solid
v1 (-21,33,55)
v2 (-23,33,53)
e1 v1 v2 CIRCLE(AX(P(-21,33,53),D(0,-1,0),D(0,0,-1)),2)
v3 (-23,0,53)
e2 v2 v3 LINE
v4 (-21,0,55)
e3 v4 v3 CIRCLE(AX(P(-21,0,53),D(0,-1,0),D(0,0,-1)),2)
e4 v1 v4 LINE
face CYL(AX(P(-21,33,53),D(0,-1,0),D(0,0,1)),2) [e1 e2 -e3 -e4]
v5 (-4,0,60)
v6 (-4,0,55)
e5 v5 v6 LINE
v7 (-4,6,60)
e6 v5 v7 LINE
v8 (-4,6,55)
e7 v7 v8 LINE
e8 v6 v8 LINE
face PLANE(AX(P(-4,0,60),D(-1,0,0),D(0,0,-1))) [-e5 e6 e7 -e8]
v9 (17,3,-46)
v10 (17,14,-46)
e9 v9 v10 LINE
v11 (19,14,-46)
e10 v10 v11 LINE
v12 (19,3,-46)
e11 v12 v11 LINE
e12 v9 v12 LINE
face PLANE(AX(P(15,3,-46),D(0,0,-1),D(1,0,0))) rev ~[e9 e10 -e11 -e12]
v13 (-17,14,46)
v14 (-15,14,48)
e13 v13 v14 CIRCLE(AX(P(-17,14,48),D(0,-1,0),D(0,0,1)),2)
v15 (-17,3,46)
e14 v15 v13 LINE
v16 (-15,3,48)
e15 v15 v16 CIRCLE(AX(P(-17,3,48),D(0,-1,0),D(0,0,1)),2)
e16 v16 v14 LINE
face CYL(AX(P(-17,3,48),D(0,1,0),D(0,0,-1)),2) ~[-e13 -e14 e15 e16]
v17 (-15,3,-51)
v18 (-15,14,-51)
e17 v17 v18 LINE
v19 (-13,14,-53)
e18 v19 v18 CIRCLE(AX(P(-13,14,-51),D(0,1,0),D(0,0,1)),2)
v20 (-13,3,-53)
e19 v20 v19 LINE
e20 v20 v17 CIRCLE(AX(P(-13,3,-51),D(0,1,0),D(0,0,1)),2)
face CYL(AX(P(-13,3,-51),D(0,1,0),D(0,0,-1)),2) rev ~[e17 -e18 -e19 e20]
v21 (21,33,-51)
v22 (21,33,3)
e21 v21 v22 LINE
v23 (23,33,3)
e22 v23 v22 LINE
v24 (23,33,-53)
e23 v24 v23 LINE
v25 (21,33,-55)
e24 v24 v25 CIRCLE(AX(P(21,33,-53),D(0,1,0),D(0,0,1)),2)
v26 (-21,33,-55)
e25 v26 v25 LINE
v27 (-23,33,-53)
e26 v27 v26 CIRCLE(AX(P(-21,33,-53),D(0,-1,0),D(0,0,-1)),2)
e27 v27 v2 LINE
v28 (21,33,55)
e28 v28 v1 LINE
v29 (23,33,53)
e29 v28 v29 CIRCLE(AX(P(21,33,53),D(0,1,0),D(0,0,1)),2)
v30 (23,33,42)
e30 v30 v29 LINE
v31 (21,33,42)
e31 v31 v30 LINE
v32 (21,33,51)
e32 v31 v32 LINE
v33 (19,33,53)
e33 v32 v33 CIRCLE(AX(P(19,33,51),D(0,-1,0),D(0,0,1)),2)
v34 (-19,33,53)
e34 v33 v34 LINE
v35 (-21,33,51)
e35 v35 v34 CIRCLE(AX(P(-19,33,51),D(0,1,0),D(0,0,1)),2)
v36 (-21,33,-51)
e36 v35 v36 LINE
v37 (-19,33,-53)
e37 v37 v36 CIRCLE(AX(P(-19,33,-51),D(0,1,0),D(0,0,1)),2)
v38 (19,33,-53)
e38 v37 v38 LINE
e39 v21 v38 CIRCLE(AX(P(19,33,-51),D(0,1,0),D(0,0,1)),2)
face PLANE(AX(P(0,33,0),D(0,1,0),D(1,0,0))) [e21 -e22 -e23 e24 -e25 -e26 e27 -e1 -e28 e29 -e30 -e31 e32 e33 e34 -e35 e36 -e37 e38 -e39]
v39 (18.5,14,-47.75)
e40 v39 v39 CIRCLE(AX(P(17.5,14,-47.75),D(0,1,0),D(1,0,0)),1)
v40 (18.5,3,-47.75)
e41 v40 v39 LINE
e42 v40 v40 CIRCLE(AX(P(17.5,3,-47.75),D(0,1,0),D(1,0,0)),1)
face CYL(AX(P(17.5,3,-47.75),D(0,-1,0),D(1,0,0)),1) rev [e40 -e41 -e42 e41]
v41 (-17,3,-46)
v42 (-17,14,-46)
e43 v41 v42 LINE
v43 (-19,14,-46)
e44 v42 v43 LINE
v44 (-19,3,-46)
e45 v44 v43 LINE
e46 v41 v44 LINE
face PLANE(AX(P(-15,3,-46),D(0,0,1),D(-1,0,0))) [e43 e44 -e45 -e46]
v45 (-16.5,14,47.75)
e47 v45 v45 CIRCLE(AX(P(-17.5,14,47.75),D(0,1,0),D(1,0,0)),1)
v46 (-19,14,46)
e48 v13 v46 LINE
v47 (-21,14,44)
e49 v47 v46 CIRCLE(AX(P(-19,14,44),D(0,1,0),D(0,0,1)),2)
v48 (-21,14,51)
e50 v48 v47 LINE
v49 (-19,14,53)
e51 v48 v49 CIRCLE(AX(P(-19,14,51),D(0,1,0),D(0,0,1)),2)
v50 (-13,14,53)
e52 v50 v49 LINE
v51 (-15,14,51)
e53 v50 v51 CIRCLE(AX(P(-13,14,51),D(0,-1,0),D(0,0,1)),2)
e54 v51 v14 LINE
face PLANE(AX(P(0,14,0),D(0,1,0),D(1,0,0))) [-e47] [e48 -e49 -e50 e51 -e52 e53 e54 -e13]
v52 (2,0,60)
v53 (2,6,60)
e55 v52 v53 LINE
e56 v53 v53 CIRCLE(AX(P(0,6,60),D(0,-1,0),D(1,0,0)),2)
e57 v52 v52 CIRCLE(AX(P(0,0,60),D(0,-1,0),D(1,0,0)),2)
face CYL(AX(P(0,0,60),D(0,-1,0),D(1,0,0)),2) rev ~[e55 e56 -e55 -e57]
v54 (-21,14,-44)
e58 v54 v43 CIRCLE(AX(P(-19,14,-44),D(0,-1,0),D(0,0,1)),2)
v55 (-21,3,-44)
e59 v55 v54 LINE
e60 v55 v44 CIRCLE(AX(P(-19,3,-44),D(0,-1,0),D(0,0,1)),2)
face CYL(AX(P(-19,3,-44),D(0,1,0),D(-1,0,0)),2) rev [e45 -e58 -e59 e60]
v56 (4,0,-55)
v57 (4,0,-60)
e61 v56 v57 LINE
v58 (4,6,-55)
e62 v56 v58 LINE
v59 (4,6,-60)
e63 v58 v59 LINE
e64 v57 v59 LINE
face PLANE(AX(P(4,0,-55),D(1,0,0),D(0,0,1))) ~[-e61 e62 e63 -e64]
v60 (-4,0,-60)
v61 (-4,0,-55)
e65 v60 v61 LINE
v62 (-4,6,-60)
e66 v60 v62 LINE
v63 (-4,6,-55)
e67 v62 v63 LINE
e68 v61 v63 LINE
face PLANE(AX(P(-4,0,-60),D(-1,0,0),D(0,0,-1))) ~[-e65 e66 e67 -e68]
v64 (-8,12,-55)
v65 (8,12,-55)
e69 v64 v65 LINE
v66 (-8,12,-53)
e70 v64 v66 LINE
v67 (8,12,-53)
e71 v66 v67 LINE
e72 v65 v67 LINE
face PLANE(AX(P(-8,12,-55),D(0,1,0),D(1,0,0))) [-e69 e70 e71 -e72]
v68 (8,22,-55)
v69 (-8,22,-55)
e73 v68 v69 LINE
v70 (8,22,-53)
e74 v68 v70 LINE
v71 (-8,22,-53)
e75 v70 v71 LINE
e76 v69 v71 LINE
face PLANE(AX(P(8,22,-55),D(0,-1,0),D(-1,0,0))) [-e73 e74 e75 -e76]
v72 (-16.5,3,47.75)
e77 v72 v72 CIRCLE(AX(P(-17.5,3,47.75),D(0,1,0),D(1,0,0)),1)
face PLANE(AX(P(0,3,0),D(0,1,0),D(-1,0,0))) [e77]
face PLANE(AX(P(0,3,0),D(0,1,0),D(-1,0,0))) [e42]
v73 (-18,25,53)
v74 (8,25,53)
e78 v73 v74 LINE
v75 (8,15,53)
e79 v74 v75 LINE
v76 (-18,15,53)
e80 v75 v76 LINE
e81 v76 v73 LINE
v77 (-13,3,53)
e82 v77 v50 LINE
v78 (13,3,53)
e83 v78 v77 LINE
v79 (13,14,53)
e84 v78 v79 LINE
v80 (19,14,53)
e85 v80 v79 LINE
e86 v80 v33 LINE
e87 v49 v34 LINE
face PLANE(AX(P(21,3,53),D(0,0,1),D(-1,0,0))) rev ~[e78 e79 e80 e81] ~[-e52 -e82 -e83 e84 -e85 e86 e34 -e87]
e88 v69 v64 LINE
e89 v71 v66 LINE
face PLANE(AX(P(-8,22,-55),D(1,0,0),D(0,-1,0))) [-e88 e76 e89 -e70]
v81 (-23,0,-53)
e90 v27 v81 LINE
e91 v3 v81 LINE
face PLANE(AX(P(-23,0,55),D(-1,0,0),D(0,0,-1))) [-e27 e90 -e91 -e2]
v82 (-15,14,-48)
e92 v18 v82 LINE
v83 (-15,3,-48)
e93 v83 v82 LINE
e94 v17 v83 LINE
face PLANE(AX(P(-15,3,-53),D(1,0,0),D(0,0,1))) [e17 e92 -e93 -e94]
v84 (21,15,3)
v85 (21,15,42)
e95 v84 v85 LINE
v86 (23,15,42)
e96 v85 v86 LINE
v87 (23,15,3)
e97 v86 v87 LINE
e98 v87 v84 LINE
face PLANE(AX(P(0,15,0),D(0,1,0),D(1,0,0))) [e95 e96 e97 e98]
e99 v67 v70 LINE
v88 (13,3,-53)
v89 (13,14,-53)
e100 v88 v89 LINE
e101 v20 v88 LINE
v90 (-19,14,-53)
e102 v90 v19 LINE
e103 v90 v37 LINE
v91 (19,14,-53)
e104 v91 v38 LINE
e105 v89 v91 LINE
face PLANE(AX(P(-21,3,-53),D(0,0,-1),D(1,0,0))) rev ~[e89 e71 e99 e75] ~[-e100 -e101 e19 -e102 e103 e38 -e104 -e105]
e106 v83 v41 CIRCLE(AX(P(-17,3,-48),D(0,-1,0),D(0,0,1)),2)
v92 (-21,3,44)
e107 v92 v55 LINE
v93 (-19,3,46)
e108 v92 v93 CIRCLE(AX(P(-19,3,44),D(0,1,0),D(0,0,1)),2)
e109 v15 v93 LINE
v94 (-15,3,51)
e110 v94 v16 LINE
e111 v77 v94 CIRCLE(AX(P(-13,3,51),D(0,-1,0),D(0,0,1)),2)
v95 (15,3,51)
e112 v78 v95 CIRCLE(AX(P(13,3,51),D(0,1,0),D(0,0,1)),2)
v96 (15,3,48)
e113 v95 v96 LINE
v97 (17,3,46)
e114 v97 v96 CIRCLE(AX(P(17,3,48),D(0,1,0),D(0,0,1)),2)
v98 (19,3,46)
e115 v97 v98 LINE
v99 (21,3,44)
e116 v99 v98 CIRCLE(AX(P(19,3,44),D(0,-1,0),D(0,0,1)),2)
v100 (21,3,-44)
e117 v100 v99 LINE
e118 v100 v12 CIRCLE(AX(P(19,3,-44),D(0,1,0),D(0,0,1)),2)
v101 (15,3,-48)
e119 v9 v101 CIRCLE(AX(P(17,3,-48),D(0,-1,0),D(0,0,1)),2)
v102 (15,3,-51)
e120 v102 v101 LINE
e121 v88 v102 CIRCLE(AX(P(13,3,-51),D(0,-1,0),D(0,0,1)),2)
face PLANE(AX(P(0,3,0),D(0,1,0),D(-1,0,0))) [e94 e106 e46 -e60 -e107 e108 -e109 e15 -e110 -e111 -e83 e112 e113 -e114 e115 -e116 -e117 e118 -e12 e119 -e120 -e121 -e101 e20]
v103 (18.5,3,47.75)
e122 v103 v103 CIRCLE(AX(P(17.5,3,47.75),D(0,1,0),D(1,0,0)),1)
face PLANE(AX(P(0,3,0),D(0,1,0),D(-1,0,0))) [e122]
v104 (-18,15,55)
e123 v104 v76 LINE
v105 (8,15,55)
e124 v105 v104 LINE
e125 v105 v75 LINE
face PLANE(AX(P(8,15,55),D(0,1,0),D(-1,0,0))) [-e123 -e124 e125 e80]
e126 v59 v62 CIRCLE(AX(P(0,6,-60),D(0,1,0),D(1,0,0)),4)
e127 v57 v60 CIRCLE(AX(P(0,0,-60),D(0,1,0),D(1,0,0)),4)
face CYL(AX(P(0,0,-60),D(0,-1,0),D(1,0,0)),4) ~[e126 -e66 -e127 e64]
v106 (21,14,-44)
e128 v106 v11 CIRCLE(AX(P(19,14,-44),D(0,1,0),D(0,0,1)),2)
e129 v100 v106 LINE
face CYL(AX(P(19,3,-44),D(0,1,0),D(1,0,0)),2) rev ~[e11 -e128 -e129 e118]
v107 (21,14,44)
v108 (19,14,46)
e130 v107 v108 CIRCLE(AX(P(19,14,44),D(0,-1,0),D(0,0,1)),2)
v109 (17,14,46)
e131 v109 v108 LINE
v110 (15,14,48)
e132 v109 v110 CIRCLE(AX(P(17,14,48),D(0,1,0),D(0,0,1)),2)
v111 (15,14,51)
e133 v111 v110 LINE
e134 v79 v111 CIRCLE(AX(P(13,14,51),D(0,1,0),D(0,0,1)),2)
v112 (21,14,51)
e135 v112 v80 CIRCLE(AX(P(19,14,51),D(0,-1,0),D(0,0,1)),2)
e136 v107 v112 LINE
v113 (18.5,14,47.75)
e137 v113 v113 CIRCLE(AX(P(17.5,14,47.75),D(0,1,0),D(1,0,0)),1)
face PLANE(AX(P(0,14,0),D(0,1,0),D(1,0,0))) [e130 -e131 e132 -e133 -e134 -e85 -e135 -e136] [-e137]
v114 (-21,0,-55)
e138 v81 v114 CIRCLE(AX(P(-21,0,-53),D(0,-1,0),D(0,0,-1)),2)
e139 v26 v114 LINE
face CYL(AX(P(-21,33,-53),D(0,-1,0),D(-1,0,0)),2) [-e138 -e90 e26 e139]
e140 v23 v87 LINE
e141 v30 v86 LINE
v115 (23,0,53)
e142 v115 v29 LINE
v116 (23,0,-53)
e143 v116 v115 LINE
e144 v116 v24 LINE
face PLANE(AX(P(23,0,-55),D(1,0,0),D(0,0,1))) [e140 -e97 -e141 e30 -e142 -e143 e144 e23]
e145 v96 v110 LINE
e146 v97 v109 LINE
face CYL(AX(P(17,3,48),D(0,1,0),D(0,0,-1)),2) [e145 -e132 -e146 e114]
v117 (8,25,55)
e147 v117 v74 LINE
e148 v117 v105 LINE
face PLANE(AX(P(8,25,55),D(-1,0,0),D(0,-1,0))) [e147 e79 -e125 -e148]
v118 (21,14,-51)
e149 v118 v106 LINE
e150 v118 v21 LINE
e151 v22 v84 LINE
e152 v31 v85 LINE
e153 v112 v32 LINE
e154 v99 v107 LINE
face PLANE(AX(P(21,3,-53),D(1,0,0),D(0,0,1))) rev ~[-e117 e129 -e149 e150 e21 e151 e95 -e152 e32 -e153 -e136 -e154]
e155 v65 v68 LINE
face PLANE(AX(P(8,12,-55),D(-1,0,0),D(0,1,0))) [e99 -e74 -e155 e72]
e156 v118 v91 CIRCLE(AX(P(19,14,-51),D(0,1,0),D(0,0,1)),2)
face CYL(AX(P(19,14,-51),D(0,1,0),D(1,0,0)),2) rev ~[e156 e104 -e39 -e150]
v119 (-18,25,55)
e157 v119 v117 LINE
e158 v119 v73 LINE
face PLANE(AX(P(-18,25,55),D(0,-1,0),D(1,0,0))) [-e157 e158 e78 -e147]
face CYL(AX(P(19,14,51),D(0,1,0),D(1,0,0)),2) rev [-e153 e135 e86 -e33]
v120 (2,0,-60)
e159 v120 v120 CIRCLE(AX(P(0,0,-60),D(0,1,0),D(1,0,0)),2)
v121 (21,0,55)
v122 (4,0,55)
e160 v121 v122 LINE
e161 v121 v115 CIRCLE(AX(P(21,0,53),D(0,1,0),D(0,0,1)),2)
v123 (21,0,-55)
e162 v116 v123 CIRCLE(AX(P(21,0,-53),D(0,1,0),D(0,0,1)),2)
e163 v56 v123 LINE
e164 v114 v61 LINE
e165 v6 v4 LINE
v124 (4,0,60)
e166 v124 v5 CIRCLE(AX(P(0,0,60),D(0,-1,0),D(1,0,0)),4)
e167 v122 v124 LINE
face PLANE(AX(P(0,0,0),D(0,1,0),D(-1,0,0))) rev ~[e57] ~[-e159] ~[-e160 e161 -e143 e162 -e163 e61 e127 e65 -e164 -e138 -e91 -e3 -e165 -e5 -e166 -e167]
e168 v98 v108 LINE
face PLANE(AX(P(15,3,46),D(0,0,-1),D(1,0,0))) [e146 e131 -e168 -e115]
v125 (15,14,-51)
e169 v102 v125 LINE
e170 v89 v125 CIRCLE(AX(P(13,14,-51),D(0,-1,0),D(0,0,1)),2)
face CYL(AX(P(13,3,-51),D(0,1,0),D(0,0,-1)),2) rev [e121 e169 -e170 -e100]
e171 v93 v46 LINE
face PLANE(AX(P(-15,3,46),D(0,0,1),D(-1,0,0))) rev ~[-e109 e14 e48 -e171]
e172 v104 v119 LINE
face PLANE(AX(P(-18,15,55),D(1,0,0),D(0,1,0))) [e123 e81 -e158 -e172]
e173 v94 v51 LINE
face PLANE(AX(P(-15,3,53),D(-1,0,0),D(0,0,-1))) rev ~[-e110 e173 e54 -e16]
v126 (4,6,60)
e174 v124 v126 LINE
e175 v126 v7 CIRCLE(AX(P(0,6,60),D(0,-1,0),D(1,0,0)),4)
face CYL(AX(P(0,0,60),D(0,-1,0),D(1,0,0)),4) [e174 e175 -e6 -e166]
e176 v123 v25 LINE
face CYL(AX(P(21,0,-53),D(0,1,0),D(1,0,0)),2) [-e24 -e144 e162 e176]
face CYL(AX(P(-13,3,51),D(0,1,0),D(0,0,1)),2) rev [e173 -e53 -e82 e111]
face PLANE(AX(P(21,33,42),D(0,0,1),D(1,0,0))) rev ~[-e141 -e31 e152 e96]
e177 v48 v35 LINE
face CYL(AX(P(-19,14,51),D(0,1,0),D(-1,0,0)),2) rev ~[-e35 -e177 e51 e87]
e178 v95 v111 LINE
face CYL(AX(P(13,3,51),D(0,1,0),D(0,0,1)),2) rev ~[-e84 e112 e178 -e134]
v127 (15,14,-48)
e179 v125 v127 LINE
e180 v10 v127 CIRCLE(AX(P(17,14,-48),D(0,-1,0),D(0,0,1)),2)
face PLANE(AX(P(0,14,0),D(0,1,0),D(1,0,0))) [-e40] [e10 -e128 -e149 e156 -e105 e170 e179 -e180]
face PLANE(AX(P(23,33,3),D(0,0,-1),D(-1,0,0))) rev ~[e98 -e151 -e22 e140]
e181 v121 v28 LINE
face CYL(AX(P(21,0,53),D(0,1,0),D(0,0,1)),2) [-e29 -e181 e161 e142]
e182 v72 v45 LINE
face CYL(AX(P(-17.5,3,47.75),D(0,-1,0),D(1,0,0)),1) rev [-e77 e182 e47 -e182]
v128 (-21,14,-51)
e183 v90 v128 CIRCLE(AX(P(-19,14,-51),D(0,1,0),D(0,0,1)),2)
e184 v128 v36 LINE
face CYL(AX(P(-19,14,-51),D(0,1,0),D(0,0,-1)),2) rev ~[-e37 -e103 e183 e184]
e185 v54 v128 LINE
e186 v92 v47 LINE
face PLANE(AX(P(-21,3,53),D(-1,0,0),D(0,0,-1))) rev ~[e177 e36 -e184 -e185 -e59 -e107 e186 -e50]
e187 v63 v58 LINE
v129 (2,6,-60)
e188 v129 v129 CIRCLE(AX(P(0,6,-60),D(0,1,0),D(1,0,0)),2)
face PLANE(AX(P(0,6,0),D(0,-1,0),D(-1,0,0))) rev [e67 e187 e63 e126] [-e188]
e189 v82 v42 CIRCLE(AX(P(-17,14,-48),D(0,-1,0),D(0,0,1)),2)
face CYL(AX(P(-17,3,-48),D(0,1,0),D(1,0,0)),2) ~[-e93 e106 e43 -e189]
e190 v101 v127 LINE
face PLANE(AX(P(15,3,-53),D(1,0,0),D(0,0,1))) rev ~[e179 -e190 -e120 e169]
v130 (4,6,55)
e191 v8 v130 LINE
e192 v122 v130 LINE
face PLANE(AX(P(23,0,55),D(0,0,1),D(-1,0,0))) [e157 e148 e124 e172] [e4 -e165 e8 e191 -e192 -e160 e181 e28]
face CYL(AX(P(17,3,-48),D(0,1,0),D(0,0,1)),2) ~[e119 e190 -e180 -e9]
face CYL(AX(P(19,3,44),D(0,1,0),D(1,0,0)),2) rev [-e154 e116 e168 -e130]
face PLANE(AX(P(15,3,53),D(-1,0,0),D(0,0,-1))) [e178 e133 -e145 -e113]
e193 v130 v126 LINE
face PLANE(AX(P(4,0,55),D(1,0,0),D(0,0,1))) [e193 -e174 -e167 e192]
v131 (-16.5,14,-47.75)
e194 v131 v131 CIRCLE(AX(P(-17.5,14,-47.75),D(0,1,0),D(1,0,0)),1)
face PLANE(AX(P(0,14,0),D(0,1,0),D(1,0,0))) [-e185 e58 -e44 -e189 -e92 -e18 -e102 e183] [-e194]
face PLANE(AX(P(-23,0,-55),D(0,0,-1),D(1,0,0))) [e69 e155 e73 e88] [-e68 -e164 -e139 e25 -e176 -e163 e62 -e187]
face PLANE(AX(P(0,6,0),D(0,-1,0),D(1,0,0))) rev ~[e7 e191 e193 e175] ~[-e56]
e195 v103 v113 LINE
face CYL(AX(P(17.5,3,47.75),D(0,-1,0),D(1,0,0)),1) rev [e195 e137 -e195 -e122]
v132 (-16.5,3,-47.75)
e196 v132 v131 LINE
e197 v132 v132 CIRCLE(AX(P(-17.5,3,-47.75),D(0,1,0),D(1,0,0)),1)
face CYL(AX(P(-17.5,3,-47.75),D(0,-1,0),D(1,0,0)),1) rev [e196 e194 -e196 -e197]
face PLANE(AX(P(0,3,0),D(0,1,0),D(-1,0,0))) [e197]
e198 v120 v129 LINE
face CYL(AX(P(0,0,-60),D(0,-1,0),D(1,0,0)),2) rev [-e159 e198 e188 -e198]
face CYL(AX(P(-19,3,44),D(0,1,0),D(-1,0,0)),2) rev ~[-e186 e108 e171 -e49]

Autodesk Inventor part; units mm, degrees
ref_plane "YZ Plane" through (0, 0, 0) normal (1, 0, 0) x (0, 1, 0)
ref_plane "XZ Plane" through (0, 0, 0) normal (0, 1, 0) x (-1, 0, 0)
ref_plane "XY Plane" through (0, 0, 0) normal (0, 0, 1) x (1, 0, 0)
sketch "Sketch1" plane through (0, 0, 0) normal (0, 1, 0) x (-1, 0, 0)
  line L0 (-23, 55) -> (23, 55)
  line L1 (23, 55) -> (23, -55)
  line L2 (23, -55) -> (-23, -55)
  line L3 (-23, -55) -> (-23, 55)
  line L4 (-23, 55) -> (23, -55) construction
  line L5 (23, 55) -> (-23, -55) construction
  point P0 (0, 0)
  dimension "d0" = 46
  dimension "d1" = 110
extrude "Extrusion1" add sketch "Sketch1" along normal blind 3
sketch "Sketch2" plane through (0, 3, 0) normal (0, 1, 0) x (1, 0, 0)
  line L0 (-23, 55) -> (-23, -55) projected
  line L1 (23, -55) -> (-23, -55)
  line L2 (-23, -55) -> (-23, 55)
  line L3 (-23, 55) -> (23, 55)
  line L4 (23, 55) -> (23, -55)
  line L5 (23, -55) -> (-23, 55) construction
  line L6 (-23, -55) -> (23, 55) construction
  line L7 (21, -53) -> (-21, -53)
  line L8 (-21, -53) -> (-21, 53)
  line L9 (-21, 53) -> (21, 53)
  line L10 (21, 53) -> (21, -53)
  line L11 (21, -53) -> (-21, 53) construction
  line L12 (-21, -53) -> (21, 53) construction
  point P0 (0, 0)
  dimension "d4" = 42
  dimension "d5" = 106
extrude "Extrusion2" add sketch "Sketch2" along normal blind 30
sketch "Sketch5" plane through (0, 33, 0) normal (0, 1, 0) x (1, 0, 0)
  line L0 (23, 55) -> (-23, 55) projected
  line L1 (23, -55) -> (23, 55) projected
  line L2 (-23, 55) -> (-23, -55) projected
  line L3 (21, 53) -> (21, -53) projected
  line L4 (21, -42) -> (23, -42)
  line L5 (23, -42) -> (23, -3)
  line L6 (23, -3) -> (21, -3)
  line L7 (21, -3) -> (21, -42)
  line L8 (-23, -55) -> (23, -55) projected
  point P0 (0, 0)
  point P1 (22, -42)
  point P2 (22, -3)
  dimension "d24" = 13
  dimension "d25" = 58
extrude "Extrusion5" cut sketch "Sketch5" against normal blind 18 contours L1 L4 L3 L6
sketch "Sketch6" plane through (23, 0, -55) normal (0, 0, -1) x (-1, 0, 0)
  line L0 (15, 22) -> (31, 22)
  line L1 (31, 22) -> (31, 12)
  line L2 (31, 12) -> (15, 12)
  line L3 (15, 12) -> (15, 22)
  line L4 (46, 0) -> (46, 33) projected
  line L5 (0, 0) -> (46, 0) projected
  point P0 (23, 0)
  dimension "d28" = 16
  dimension "d29" = 15
  dimension "d30" = 10
  dimension "d32" = 12
extrude "Extrusion6" cut sketch "Sketch6" against normal blind 15
sketch "Sketch7" plane through (-23, 0, 55) normal (0, 0, 1) x (1, 0, 0)
  line L0 (5, 25) -> (31, 25)
  line L1 (31, 25) -> (31, 15)
  line L2 (31, 15) -> (5, 15)
  line L3 (5, 15) -> (5, 25)
  line L4 (0, 0) -> (0, 33) projected
  line L5 (0, 0) -> (46, 0) projected
  point P0 (23, 0)
  dimension "d35" = 5
  dimension "d36" = 10
  dimension "d37" = 15
  dimension "d38" = 26
extrude "Extrusion7" cut sketch "Sketch7" against normal blind 15
sketch "Sketch9" plane through (0, 33, 0) normal (0, 1, 0) x (1, 0, 0)
  circle A0 centre (0, -60) radius 2
  line L0 (-23, -55) -> (23, -55) projected
  line L1 (4, -55) -> (-4, -55)
  line L2 (-4, -55) -> (-4, -60)
  line L3 (4, -60) -> (4, -55)
  arc A1 (-4, -60) -> (4, -60) centre (0, -60) ccw
  circle A2 centre (0, 60) radius 2
  line L4 (23, 55) -> (-23, 55) projected
  line L5 (4, 55) -> (-4, 55)
  line L6 (-4, 55) -> (-4, 60)
  line L7 (4, 60) -> (4, 55)
  arc A3 (4, 60) -> (-4, 60) centre (0, 60) ccw
  point P0 (0, 0)
  point P1 (0, -55)
  point P2 (0, -55)
  point P3 (0, 55)
  point P4 (0, 55)
  point P5 (0, 55)
  dimension "d77" = 4
  dimension "d78" = 5
  dimension "d79" = 8
  dimension "d80" = 4
  dimension "d81" = 4
  dimension "d82" = 4
  dimension "d83" = 5
  dimension "d84" = 8
  dimension "d85" = 4
extrude "Extrusion10" [suppressed]
fillet "Fillet2" [suppressed]
sketch "Sketch11" plane through (0, 3, 0) normal (0, 1, 0) x (1, 0, 0)
  circle A0 centre (-17.5, 47.75) radius 1
  circle A1 centre (17.5, 47.75) radius 1
  circle A2 centre (-17.5, -47.75) radius 1
  circle A3 centre (17.5, -47.75) radius 1
  line L0 (-21, 53) -> (-21, -53) projected
  line L1 (-21, 53) -> (-15, 53)
  line L2 (-15, 53) -> (-15, 46)
  line L3 (-15, 46) -> (-21, 46)
  line L4 (-21, 46) -> (-21, 53)
  line L5 (21, 53) -> (-21, 53) projected
  line L6 (21, 53) -> (15, 53)
  line L7 (15, 53) -> (15, 46)
  line L8 (15, 46) -> (21, 46)
  line L9 (21, 46) -> (21, 53)
  line L10 (-21, -53) -> (-15, -53)
  line L11 (-15, -53) -> (-15, -46)
  line L12 (-15, -46) -> (-21, -46)
  line L13 (-21, -46) -> (-21, -53)
  line L14 (21, -53) -> (15, -53)
  line L15 (15, -53) -> (15, -46)
  line L16 (15, -46) -> (21, -46)
  line L17 (21, -46) -> (21, -53)
  point P0 (0, 0)
  dimension "d95" = 2
  dimension "d96" = 2
  dimension "d97" = 2
  dimension "d98" = 2
  dimension "d99" = 95.5
  dimension "d100" = 35
  dimension "d101" = 47.75
  dimension "d102" = 17.5
  dimension "d103" = 6
  dimension "d104" = 7
  dimension "d105" = 6
  dimension "d106" = 7
  dimension "d107" = 6
  dimension "d108" = 7
  dimension "d109" = 6
  dimension "d110" = 7
extrude "Extrusion11" add sketch "Sketch11" along normal blind 11
fillet "Fillet6" radius 2 20 edges at (-23, 16.5, -55) (-23, 16.5, 55) (23, 16.5, 55) (23, 16.5, -55) (21, 23.5, -53) (-21, 23.5, -53) (-21, 23.5, 53) (21, 23.5, 53) (15, 8.5, -46) (-15, 8.5, -46) (15, 8.5, 46) (-15, 8.5, 46) (21, 8.5, -46) (15, 8.5, -53) (-15, 8.5, -53) (-21, 8.5, -46) (-21, 8.5, 46) (-15, 8.5, 53) (21, 8.5, 46) (15, 8.5, 53)
sketch "Sketch12" plane through (0, 0, 0) normal (0, -1, 0) x (1, 0, 0)
  line L0 (0, 50) -> (0, 60) construction
  line L1 (-21, 55) -> (21, 55) projected
  line L2 (4, 50) -> (4, 60)
  line L3 (-4, 60) -> (-4, 50)
  arc A0 (-4, 50) -> (4, 50) centre (0, 50) ccw
  arc A1 (4, 60) -> (-4, 60) centre (0, 60) ccw
  circle A2 centre (0, 60) radius 2
  point P0 (0, 0)
  point P1 (0, 55)
  point P2 (-4, 55)
  point P3 (4, 55)
  dimension "d115" = 5
  dimension "d116" = 8
  dimension "d117" = 4
extrude "Extrusion12" add sketch "Sketch12" against normal blind 6 contours L3 A1 L2 L1
mirror "Mirror1" about plane through (0, 0, 0) normal (0, 0, 1) of "Extrusion12"
properties part number "M12StereoPiBracket"
